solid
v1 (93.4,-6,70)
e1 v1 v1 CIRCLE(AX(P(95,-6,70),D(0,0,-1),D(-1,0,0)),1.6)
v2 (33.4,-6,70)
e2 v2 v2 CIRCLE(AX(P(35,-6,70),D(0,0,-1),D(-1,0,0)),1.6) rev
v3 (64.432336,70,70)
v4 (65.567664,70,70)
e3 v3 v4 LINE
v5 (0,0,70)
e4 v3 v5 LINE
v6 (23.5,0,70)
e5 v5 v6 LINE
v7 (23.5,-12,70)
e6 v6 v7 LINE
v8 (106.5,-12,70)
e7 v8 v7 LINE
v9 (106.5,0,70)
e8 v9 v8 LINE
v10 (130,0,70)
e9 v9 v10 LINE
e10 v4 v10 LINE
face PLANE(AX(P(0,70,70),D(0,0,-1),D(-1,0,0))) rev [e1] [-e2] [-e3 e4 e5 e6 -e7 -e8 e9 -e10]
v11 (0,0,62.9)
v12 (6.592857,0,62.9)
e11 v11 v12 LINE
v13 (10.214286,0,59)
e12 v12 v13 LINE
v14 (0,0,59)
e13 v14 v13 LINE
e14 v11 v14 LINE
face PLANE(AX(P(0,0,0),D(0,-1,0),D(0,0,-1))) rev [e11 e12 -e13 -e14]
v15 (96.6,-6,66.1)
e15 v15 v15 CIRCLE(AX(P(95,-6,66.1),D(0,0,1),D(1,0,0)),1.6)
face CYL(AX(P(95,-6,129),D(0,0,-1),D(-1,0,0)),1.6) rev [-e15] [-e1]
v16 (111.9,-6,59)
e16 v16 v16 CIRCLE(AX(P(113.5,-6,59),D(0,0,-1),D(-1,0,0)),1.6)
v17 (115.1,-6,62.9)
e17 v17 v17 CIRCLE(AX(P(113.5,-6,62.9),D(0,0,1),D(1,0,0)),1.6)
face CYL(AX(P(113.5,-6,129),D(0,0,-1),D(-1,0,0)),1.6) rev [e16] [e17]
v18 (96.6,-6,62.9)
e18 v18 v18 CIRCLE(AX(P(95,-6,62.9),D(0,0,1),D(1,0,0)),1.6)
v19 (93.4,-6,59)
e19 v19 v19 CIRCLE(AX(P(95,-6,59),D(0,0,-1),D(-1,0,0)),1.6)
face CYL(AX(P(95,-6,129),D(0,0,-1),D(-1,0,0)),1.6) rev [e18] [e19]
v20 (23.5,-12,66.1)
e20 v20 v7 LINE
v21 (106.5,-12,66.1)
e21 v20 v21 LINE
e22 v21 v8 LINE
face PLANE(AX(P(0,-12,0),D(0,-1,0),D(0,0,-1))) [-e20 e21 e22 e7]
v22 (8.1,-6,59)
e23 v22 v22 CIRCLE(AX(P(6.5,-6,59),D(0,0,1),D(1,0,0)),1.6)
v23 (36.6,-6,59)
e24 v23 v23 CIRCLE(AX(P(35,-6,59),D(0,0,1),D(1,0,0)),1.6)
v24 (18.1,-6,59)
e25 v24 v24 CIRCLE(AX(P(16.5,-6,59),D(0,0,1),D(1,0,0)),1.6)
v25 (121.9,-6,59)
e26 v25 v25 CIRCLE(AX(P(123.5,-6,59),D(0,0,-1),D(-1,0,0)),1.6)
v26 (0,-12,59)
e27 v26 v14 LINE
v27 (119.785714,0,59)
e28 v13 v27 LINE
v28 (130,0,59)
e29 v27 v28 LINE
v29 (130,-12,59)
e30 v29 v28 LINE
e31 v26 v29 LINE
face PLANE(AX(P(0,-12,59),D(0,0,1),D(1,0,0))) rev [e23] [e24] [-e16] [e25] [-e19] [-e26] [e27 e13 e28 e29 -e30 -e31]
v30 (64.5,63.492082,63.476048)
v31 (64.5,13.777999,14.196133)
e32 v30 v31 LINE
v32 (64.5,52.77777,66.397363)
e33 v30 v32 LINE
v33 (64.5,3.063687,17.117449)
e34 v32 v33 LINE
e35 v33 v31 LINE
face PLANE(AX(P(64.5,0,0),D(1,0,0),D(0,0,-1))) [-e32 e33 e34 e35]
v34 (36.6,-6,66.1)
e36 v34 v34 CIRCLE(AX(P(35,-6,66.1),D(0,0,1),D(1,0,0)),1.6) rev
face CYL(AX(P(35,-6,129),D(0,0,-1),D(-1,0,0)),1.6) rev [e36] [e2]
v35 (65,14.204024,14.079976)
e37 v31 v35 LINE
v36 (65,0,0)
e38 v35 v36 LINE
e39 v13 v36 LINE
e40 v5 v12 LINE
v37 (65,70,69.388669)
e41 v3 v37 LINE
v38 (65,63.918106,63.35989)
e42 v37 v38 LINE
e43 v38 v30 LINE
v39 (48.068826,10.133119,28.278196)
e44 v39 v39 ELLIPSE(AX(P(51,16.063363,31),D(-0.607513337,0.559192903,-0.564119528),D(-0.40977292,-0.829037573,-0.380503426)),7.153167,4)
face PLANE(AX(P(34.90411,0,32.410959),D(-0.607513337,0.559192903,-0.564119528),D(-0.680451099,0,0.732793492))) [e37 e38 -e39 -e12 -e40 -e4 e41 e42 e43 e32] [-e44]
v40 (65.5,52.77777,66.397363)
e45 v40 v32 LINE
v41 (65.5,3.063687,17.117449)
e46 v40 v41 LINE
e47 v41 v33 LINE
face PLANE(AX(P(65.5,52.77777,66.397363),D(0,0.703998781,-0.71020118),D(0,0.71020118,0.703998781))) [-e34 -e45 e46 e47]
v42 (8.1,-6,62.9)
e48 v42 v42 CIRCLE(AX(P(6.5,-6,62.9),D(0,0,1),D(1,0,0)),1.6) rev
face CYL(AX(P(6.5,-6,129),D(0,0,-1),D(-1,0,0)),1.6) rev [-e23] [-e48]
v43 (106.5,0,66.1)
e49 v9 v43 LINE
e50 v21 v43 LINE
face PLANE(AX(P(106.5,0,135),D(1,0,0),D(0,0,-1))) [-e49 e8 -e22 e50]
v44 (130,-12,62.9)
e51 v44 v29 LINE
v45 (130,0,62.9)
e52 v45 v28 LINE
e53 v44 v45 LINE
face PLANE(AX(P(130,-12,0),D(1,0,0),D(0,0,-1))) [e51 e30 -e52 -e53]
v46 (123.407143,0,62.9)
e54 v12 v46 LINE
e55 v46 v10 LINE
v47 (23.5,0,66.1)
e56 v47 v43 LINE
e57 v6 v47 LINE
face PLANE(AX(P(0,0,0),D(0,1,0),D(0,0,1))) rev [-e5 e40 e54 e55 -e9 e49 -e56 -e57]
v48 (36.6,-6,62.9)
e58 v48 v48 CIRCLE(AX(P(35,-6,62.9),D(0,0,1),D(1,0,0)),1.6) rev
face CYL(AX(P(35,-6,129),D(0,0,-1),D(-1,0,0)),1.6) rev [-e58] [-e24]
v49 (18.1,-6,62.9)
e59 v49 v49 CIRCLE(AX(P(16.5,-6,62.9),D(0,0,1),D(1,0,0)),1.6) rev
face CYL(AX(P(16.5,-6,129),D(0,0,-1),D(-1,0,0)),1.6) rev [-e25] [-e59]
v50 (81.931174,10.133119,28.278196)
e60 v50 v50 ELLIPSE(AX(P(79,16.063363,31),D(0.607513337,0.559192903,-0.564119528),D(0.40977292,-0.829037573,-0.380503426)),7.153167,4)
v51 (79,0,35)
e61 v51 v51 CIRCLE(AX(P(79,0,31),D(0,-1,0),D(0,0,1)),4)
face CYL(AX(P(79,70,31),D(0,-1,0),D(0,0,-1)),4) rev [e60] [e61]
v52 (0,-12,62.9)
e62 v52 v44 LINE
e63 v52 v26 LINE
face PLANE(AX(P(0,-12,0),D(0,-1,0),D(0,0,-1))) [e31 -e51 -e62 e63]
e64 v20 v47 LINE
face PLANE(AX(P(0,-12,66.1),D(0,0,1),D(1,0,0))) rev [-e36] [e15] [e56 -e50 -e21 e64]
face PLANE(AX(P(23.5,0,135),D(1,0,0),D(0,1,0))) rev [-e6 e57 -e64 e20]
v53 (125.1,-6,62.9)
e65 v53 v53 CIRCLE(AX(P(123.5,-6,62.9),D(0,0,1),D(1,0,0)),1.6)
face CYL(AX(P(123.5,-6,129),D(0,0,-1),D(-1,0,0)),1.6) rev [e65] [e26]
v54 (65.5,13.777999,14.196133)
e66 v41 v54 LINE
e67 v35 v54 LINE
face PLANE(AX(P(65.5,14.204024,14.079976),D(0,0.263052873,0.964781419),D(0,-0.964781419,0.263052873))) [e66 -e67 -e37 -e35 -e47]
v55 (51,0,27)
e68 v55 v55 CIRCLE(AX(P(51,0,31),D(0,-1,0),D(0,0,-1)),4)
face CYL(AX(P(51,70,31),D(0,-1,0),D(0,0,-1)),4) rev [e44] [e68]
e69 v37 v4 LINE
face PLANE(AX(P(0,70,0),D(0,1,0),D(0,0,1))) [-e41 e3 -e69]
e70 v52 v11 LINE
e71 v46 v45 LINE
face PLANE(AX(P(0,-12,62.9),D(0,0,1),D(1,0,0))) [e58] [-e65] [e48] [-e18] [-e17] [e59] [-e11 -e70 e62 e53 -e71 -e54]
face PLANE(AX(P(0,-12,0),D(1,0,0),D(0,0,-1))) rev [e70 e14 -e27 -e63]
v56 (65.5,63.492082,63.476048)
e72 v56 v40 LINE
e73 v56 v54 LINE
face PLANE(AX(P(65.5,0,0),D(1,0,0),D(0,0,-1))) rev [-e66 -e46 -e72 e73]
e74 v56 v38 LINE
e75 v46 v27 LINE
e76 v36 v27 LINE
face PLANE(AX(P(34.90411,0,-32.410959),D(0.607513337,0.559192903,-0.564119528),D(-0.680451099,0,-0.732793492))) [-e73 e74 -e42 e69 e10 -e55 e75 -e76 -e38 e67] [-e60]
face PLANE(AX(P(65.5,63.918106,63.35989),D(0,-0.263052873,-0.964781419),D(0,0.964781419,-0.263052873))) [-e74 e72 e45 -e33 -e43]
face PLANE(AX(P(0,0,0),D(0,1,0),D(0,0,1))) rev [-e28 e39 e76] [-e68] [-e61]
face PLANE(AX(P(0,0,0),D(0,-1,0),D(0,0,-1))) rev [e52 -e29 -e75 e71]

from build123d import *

# Parameters (mm, degrees)
BOSS_EXTRUDE1_DEPTH = 70
DRAFT3_ANGLE        = -34
SKETCH2_R           = 4
CUT_EXTRUDE1_DEPTH  = 70
CUT_EXTRUDE3_START  = 64.5
CUT_EXTRUDE3_DEPTH  = 1
SKETCH6_W           = 130
SKETCH6_H           = 3.9
BOSS_EXTRUDE2_DEPTH = 12
SKETCH7_R           = 1.6
CUT_EXTRUDE4_DEPTH  = 70
CUT_EXTRUDE5_START  = -6
SKETCH7_3_W         = 23.5
SKETCH7_3_H         = 12
SKETCH7_3_R         = 1.6
CUT_EXTRUDE5_DEPTH  = 70


with BuildPart() as part:
    # Sketch1 → Boss-Extrude1 (new body)
    with BuildSketch(Plane(origin=(0, 0, 0), x_dir=(1, 0, 0), z_dir=(0, 1, 0))):
        Polygon((65, 0), (0, -70), (130, -70), align=None)
    extrude(amount=BOSS_EXTRUDE1_DEPTH)

    # Draft3
    draft3_faces = [part.faces().sort_by_distance(p)[0] for p in [
        (97.5, 35, 35),
        (32.5, 35, 35),
    ]]
    draft(draft3_faces, Plane(origin=(0, 0, 0), x_dir=(0, 0, -1), z_dir=(0, -1, 0)), DRAFT3_ANGLE)

    # Sketch2 → Cut-Extrude1 (cut)
    with BuildSketch(Plane.XZ):
        with Locations((51, 31)):
            Circle(SKETCH2_R)
        with Locations((79, 31)):
            Circle(SKETCH2_R)
    extrude(amount=-CUT_EXTRUDE1_DEPTH, mode=Mode.SUBTRACT)

    # Sketch5 → Cut-Extrude3 (cut)
    with BuildSketch(Plane(origin=(0, 0, 0), x_dir=(0, 0, -1), z_dir=(1, 0, 0)).offset(CUT_EXTRUDE3_START)):
        Polygon((-14.079975623, 14.204023601), (-63.359890305, 63.918106202), (-66.397363247, 52.777769966), (-17.117448565, 3.063687364), align=None)
    extrude(amount=CUT_EXTRUDE3_DEPTH, mode=Mode.SUBTRACT)

    # Sketch6 → Boss-Extrude2 (add)
    with BuildSketch(Plane.XZ):
        with Locations((65, 68.05)):
            Rectangle(SKETCH6_W, SKETCH6_H)
        with Locations((65, 60.95)):
            Rectangle(SKETCH6_W, SKETCH6_H)
    extrude(amount=BOSS_EXTRUDE2_DEPTH)

    # Sketch7 → Cut-Extrude4 (cut)
    with BuildSketch(Plane(origin=(0, 0, 59), x_dir=(-1, 0, 0), z_dir=(0, 0, -1))):
        with Locations((-95, -6)):
            Circle(SKETCH7_R)
        with Locations((-123.5, -6)):
            Circle(SKETCH7_R)
        with Locations((-113.5, -6)):
            Circle(SKETCH7_R)
        with Locations((-6.5, -6)):
            Circle(SKETCH7_R)
        with Locations((-16.5, -6)):
            Circle(SKETCH7_R)
        with Locations((-35, -6)):
            Circle(SKETCH7_R)
    extrude(amount=-CUT_EXTRUDE4_DEPTH, mode=Mode.SUBTRACT)

    # Sketch7<3> → Cut-Extrude5 (cut)
    # profile 1 of 2: a face of its own
    with BuildSketch(Plane(origin=(0, 0, 59), x_dir=(-1, 0, 0), z_dir=(0, 0, -1)).offset(CUT_EXTRUDE5_START)):
        with Locations((-118.25, -6)):
            Rectangle(SKETCH7_3_W, SKETCH7_3_H)
        with Locations((-123.5, -6)):
            Circle(SKETCH7_3_R, mode=Mode.SUBTRACT)
        with Locations((-113.5, -6)):
            Circle(SKETCH7_3_R, mode=Mode.SUBTRACT)
    # profile 2 of 2: a face of its own
    with BuildSketch(Plane(origin=(0, 0, 59), x_dir=(-1, 0, 0), z_dir=(0, 0, -1)).offset(CUT_EXTRUDE5_START)):
        with Locations((-11.75, -6)):
            Rectangle(SKETCH7_3_W, SKETCH7_3_H)
        with Locations((-16.5, -6)):
            Circle(SKETCH7_3_R, mode=Mode.SUBTRACT)
        with Locations((-6.5, -6)):
            Circle(SKETCH7_3_R, mode=Mode.SUBTRACT)
    extrude(amount=-CUT_EXTRUDE5_DEPTH, mode=Mode.SUBTRACT)


solid = part.part
